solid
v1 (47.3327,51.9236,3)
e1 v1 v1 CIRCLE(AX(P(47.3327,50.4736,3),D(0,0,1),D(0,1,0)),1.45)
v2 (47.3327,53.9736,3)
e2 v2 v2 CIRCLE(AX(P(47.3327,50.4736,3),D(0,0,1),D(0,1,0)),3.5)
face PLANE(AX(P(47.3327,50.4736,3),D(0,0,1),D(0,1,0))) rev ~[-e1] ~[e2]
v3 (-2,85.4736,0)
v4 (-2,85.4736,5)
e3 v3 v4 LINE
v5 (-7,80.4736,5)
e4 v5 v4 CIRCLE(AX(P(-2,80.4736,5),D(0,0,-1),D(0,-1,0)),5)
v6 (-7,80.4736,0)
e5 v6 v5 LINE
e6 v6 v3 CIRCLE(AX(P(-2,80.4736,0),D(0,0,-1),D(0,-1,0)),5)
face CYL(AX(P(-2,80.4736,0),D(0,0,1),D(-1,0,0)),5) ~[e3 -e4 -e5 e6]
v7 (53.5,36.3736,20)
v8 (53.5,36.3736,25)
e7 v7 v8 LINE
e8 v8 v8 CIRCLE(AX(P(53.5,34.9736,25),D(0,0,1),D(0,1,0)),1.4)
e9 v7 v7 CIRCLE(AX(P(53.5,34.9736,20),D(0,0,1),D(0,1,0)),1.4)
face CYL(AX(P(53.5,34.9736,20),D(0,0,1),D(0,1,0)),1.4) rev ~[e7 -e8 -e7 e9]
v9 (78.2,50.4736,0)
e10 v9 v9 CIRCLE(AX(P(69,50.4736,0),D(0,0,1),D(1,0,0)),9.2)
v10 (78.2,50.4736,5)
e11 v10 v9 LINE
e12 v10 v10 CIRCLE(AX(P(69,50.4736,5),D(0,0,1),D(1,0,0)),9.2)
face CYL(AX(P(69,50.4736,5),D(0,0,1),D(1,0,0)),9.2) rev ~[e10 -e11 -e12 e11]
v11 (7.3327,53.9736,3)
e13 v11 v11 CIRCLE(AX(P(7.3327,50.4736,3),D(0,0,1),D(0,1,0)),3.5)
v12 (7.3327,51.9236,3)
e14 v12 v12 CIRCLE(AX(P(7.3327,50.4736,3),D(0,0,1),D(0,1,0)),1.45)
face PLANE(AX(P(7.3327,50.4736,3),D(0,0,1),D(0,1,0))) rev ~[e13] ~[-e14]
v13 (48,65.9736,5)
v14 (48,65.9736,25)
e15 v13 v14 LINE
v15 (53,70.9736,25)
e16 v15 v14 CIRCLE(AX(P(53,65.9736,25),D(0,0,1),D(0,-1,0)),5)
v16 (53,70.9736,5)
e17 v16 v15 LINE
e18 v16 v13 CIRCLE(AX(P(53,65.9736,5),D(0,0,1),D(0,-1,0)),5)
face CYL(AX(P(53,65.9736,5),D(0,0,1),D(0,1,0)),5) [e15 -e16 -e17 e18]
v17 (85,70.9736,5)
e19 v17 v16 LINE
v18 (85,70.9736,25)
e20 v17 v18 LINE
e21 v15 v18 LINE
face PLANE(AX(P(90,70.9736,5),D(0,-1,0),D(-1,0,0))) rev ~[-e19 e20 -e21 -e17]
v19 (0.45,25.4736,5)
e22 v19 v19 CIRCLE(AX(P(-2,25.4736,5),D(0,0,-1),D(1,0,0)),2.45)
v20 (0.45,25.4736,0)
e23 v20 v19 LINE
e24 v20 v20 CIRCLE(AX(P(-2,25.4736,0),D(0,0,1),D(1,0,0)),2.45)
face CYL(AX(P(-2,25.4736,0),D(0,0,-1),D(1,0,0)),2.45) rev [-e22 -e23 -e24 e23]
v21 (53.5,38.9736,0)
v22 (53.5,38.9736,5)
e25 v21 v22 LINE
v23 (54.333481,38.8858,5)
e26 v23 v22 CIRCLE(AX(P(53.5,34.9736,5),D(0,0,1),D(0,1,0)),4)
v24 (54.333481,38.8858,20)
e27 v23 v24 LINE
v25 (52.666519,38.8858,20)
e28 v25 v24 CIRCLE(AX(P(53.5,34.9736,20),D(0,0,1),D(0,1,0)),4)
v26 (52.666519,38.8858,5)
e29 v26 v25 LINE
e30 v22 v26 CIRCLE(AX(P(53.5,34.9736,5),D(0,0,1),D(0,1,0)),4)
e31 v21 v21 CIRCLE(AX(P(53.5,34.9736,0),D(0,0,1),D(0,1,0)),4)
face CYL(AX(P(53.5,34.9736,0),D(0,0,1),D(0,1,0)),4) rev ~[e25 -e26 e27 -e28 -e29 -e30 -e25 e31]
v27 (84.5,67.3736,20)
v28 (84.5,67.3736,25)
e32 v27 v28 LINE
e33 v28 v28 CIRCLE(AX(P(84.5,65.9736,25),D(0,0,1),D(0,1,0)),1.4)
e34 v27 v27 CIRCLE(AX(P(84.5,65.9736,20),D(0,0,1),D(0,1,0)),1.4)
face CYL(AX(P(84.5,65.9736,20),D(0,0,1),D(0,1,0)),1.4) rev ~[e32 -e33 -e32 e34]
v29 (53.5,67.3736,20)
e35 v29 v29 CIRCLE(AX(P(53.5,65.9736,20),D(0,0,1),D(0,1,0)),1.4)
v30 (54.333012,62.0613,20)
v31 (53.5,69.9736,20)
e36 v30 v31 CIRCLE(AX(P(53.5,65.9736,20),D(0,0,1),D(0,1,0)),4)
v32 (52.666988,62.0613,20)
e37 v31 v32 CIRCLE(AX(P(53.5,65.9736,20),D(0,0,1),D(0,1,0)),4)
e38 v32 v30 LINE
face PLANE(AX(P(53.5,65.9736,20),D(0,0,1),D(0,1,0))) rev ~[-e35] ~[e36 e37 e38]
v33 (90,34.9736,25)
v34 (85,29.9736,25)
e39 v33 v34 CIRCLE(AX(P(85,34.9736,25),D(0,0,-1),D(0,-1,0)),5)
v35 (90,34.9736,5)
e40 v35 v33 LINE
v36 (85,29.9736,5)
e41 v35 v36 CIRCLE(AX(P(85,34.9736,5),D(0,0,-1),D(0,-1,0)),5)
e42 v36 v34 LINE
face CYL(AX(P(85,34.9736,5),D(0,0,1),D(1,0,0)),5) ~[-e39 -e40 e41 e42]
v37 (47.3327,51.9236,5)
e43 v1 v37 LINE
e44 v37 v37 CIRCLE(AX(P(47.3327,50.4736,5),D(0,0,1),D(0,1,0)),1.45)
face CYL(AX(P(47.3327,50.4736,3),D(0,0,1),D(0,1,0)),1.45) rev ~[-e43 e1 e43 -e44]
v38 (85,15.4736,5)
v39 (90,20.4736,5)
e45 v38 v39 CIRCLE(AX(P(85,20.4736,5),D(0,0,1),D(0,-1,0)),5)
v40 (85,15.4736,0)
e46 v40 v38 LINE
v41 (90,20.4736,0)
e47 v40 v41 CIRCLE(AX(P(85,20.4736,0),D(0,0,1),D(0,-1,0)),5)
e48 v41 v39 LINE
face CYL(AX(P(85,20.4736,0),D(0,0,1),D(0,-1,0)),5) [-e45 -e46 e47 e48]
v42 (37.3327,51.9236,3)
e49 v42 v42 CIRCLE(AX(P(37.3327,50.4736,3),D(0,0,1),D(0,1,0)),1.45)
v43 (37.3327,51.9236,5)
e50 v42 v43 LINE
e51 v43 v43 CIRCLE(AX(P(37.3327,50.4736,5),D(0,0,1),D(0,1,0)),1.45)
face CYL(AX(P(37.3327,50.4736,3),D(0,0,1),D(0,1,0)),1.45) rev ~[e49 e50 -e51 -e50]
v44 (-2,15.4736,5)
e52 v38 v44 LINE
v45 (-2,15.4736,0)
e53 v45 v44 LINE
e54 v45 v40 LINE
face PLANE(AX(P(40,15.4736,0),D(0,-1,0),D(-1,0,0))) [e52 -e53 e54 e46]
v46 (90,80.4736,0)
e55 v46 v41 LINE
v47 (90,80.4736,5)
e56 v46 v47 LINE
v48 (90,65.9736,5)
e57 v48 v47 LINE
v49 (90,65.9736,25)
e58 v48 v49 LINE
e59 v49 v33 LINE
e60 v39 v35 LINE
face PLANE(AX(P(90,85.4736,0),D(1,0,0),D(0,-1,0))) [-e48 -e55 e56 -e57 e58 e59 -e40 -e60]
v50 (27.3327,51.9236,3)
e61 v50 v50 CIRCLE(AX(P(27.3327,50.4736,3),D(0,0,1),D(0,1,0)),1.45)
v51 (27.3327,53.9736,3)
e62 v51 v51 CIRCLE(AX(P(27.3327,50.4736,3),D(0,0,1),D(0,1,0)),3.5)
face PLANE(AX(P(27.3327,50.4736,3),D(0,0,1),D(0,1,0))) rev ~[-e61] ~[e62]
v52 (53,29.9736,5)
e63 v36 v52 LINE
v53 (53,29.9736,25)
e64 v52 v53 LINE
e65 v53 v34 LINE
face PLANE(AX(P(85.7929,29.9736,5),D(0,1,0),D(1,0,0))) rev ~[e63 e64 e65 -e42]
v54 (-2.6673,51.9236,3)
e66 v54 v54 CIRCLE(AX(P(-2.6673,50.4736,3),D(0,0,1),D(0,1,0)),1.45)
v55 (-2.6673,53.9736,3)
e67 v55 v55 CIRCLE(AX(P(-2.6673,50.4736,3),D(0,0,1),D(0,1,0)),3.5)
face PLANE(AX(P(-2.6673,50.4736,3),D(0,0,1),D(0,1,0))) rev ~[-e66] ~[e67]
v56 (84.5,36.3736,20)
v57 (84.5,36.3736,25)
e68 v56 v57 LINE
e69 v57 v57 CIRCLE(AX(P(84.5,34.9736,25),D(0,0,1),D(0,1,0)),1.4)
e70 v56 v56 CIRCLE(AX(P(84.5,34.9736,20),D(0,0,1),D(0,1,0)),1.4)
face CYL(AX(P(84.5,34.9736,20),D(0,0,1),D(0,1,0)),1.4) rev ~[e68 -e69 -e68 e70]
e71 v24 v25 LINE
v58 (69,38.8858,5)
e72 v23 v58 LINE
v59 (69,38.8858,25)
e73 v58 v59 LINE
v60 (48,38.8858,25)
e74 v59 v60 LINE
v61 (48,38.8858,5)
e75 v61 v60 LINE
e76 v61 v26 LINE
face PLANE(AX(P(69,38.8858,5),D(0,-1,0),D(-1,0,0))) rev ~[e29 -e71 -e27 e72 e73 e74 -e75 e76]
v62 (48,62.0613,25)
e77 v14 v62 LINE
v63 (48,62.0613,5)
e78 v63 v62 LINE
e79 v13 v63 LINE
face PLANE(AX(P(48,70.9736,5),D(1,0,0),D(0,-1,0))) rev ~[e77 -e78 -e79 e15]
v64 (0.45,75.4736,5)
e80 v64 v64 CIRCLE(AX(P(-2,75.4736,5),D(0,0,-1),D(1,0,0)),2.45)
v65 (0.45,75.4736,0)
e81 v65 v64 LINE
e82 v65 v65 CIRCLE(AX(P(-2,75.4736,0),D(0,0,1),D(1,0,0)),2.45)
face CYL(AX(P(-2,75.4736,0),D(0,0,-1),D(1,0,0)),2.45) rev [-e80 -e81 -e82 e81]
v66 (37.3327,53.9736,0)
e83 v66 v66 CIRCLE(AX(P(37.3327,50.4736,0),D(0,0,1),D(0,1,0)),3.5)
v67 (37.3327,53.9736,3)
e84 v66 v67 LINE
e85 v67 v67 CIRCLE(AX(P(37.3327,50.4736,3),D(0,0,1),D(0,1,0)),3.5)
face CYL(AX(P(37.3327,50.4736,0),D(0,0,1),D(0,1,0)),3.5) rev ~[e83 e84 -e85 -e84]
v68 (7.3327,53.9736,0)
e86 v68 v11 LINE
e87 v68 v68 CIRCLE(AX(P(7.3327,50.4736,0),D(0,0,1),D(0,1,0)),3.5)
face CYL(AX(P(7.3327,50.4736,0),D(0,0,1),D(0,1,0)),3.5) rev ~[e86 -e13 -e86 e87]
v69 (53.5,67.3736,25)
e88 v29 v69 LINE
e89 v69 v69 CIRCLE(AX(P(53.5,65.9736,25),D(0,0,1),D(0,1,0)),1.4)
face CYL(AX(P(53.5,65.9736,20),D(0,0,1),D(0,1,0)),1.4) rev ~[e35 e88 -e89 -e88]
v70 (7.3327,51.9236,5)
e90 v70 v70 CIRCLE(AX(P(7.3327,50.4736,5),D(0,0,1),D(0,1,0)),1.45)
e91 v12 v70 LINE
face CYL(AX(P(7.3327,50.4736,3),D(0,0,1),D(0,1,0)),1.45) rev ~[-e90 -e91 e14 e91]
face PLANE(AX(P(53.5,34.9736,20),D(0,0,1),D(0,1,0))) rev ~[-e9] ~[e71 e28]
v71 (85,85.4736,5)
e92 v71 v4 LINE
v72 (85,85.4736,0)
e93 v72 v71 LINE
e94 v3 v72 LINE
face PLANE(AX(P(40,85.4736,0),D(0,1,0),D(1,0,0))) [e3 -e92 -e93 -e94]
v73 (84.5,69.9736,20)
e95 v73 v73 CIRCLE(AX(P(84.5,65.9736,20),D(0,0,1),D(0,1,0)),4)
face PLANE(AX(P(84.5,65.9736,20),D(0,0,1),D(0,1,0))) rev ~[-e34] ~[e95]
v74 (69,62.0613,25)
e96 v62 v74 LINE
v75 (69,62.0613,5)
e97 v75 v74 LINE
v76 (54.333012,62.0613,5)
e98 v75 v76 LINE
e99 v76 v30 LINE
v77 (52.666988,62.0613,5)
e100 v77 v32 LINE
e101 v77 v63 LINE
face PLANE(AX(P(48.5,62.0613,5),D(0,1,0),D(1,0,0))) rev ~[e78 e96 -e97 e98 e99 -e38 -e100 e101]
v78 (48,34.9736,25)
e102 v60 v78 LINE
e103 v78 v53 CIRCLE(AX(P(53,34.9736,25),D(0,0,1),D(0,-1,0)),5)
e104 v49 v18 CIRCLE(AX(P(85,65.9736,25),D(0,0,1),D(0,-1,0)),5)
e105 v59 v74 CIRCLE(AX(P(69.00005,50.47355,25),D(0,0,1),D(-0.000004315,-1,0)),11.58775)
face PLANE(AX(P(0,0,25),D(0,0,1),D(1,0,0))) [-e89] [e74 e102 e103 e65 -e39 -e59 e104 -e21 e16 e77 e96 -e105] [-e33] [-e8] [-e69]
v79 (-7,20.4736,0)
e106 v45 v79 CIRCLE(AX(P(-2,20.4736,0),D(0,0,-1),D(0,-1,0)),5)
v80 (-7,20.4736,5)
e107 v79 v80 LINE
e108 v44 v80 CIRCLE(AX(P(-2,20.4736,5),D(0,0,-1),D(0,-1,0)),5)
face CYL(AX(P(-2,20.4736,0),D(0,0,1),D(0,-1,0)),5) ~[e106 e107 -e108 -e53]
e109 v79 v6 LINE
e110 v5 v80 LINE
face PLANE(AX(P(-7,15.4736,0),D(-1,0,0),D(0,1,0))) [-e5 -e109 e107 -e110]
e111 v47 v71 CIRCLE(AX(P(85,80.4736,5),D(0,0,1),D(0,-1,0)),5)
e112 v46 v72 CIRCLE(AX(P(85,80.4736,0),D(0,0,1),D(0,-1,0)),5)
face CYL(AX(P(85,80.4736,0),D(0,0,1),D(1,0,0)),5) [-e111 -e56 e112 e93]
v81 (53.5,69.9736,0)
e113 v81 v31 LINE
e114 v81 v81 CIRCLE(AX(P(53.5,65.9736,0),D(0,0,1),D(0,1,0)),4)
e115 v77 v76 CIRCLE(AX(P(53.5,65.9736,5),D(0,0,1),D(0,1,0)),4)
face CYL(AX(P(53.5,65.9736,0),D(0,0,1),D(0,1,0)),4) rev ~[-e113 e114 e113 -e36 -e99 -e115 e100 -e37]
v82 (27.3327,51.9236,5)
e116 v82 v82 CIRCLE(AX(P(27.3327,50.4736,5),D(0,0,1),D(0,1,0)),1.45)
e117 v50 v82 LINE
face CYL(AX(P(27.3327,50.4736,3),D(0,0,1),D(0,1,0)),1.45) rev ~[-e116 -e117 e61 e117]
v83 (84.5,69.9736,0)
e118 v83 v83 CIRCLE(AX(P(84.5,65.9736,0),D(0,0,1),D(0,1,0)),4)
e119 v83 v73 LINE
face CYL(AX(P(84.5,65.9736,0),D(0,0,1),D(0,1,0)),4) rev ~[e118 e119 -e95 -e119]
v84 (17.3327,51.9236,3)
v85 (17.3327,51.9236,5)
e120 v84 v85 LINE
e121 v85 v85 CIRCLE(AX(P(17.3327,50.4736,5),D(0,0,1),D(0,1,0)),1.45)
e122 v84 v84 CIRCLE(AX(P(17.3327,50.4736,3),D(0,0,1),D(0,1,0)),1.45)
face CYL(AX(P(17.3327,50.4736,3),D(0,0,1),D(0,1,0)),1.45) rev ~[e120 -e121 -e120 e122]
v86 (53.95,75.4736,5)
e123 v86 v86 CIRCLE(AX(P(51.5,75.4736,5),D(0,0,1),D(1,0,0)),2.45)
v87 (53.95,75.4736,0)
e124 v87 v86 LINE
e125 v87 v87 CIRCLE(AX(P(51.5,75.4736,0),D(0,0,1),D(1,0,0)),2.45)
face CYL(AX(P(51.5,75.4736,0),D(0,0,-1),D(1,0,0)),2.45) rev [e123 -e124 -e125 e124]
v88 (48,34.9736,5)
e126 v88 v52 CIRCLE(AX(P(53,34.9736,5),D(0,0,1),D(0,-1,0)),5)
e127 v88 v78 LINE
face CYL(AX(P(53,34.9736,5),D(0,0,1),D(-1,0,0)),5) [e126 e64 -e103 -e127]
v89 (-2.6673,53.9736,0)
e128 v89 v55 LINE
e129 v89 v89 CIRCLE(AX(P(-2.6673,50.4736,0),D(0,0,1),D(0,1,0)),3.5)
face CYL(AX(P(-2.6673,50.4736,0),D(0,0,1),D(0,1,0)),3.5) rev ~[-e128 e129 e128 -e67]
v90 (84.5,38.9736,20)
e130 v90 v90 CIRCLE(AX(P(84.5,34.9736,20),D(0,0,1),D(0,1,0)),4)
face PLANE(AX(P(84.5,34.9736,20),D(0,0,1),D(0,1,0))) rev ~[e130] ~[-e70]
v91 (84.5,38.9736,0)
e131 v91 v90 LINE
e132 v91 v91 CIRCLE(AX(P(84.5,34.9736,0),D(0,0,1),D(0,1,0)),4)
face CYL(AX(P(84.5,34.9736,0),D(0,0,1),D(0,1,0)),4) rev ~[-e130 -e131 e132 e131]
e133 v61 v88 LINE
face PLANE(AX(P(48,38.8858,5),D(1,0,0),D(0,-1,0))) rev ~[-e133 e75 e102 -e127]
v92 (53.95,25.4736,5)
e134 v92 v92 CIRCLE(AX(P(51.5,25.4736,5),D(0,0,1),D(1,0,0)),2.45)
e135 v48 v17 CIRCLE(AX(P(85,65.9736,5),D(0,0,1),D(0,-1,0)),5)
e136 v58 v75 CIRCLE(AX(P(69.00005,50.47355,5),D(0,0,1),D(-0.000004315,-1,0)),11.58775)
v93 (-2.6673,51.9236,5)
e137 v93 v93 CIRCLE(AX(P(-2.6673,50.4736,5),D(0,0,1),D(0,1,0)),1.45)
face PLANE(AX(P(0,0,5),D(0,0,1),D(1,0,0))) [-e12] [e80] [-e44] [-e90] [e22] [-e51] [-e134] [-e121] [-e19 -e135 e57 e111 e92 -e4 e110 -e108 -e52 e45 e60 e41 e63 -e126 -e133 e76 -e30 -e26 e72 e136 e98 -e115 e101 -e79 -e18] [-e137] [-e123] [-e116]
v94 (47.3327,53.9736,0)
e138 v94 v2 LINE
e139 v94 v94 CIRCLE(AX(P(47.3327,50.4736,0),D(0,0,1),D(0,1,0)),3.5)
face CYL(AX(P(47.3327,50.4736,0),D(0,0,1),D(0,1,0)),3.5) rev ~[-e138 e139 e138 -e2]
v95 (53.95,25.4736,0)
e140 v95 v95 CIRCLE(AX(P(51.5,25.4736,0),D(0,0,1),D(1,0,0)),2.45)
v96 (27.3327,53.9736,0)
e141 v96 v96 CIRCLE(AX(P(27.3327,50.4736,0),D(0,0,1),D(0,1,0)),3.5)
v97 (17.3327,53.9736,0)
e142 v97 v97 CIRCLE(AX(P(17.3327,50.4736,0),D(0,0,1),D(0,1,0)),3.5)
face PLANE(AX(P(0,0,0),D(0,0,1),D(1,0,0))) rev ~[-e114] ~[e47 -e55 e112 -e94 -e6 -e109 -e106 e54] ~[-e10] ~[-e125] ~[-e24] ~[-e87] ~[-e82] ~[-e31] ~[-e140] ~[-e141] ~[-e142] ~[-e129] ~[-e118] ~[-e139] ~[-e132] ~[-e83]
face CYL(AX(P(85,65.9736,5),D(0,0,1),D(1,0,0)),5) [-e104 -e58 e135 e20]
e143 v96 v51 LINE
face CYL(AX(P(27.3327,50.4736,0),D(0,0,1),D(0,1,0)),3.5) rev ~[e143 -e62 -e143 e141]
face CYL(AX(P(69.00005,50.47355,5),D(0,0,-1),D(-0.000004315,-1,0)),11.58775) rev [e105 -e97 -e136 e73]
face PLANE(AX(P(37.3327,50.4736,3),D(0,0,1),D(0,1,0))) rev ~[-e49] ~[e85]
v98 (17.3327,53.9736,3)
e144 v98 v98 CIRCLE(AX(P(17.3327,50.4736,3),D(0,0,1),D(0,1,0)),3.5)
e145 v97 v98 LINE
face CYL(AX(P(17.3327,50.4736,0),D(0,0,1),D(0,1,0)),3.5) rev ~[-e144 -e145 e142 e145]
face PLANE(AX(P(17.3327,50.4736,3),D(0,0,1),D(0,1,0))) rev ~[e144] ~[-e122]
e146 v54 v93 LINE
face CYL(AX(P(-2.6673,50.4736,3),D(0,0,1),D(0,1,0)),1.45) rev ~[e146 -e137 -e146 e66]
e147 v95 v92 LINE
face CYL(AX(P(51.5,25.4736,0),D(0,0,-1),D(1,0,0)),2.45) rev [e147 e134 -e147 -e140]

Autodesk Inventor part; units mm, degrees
ref_plane "YZ Plane" through (0, 0, 0) normal (1, 0, 0) x (0, 1, 0)
ref_plane "XZ Plane" through (0, 0, 0) normal (0, 1, 0) x (-1, 0, 0)
ref_plane "XY Plane" through (0, 0, 0) normal (0, 0, 1) x (1, 0, 0)
ref_plane "Work Plane1" through (0, 0, 0) normal (0, 0, 1) x (1, 0, 0)
sketch "Sketch1" plane through (0, 0, 0) normal (0, 0, 1) x (1, 0, 0)
  line L0 (40, 0) -> (34, 0) projected
  line L1 (40, 0) -> (40, 260) projected
  line L2 (40, 260) -> (34, 260) projected
  line L3 (34, 0) -> (34, 260) projected
  line L4 (0, 0) -> (6, 0) projected
  line L5 (6, 0) -> (6, 260) projected
  line L6 (0, 260) -> (6, 260) projected
  line L7 (0, 0) -> (0, 260) projected
  line L8 (90, 15.4736) -> (-7, 15.4736)
  line L9 (-7, 15.4736) -> (-7, 85.4736)
  line L10 (-7, 85.4736) -> (90, 85.4736)
  line L11 (90, 85.4736) -> (90, 15.4736)
  line L12 (90, 85.4736) -> (-7, 15.4736) construction
  line L13 (90, 15.4736) -> (-7, 85.4736) construction
  line L14 (14, 0) -> (26, 0) construction
  line L15 (26, 0) -> (26, 260) construction
  line L16 (14, 260) -> (26, 260) construction
  line L17 (14, 0) -> (14, 260) construction
  circle A0 centre (-2, 25.4736) radius 2.45
  circle A1 centre (-2, 75.4736) radius 2.45
  circle A2 centre (51.5, 75.4736) radius 2.45
  circle A3 centre (51.5, 25.4736) radius 2.45
  line L18 (40, 40.4736) -> (-160, 40.4736) projected
  line L19 (40, 60.4736) -> (-160, 60.4736) projected
  circle A4 centre (-2, 25.4736) radius 2.45 construction
  circle A5 centre (-2, 75.4736) radius 2.45 construction
  line L20 (-7, 67.4547) -> (-7, 33.4924) projected
  dimension "d0" = 50
  dimension "d2" = 70
  dimension "d3" = 4.9
  dimension "d4" = 4.9
  dimension "d5" = 4.9
  dimension "d6" = 4.9
  dimension "d7" = 10
  dimension "d10" = 10
  dimension "d11" = 11.5
  dimension "d17" = 25
  dimension "d20" = 0
extrude "Extrusion1" add sketch "Sketch1" along normal blind 5 contours L8 L3 L18 L1 | L1 L10 L11 L8 | L8 L5 L18 L3 | L18 L3 L19 L1 | L18 L5 L19 L3 | L8 L7 A0 L18 L5 | L19 L3 L10 L1 | L19 L5 L10 L3 | L18 L7 L19 L5 | L8 L9 L18 L7 A0 | L19 L7 A1 L10 L5 | L18 L9 L19 L7 | L19 L9 L10 L7 A1
sketch "Sketch2" plane through (0, 0, 5) normal (0, 0, 1) x (1, 0, 0)
  circle A0 centre (69, 50.4736) radius 9.2 projected
  circle A1 centre (84.5, 34.9736) radius 3 projected
  circle A2 centre (53.5, 34.9736) radius 3 projected
  circle A3 centre (53.5, 65.9736) radius 3 projected
  line L0 (89.5, 67.2664) -> (89.5, 33.6807) projected
  arc A4 (89.5, 67.2664) -> (85.7929, 70.9736) centre (69, 50.4736) ccw projected
  line L1 (52.2071, 70.9736) -> (85.7929, 70.9736) projected
  arc A5 (52.2071, 70.9736) -> (48.5, 67.2664) centre (69, 50.4736) ccw projected
  line L2 (48.5, 33.6807) -> (48.5, 67.2664) projected
  arc A6 (48.5, 33.6807) -> (52.2071, 29.9736) centre (69, 50.4736) ccw projected
  line L3 (85.7929, 29.9736) -> (52.2071, 29.9736) projected
  arc A7 (85.7929, 29.9736) -> (89.5, 33.6807) centre (69, 50.4736) ccw projected
  circle A8 centre (84.5, 34.9736) radius 3 projected
  circle A9 centre (53.5, 34.9736) radius 3 projected
  circle A10 centre (84.5, 65.9736) radius 3 projected
  circle A11 centre (69, 50.4736) radius 4 projected
  circle A12 centre (53.5, 65.9736) radius 3 projected
  point P0 (0, 0)
extrude "Extrusion2" cut sketch "Sketch2" against normal through all contours A0 | A11
sketch "Sketch3" plane through (0, 0, 5) normal (0, 0, 1) x (1, 0, 0)
  point P0 (0, 0)
sketch "Sketch4" plane through (0, 0, 5) normal (0, 0, 1) x (1, 0, 0)
  line L0 (89.5, 67.2664) -> (89.5, 33.6807) projected
  arc A0 (89.5, 67.2664) -> (85.7929, 70.9736) centre (69, 50.4736) ccw projected
  line L1 (52.2071, 70.9736) -> (85.7929, 70.9736) projected
  arc A1 (52.2071, 70.9736) -> (48.5, 67.2664) centre (69, 50.4736) ccw projected
  line L2 (48.5, 33.6807) -> (48.5, 67.2664) projected
  arc A2 (48.5, 33.6807) -> (52.2071, 29.9736) centre (69, 50.4736) ccw projected
  line L3 (85.7929, 29.9736) -> (52.2071, 29.9736) projected
  arc A3 (85.7929, 29.9736) -> (89.5, 33.6807) centre (69, 50.4736) ccw projected
  circle A4 centre (84.5, 34.9736) radius 3 projected
  circle A5 centre (53.5, 34.9736) radius 3 projected
  circle A6 centre (84.5, 65.9736) radius 3 projected
  circle A7 centre (69, 50.4736) radius 4 projected
  circle A8 centre (53.5, 65.9736) radius 3 projected
  circle A9 centre (69, 50.4736) radius 9.2
  line L4 (90, 85.4736) -> (90, 15.4736) projected
  line L5 (48, 29.9736) -> (90, 29.9736)
  line L6 (90, 29.9736) -> (90, 70.9736)
  line L7 (90, 70.9736) -> (48, 70.9736)
  line L8 (48, 29.9736) -> (90, 70.9736) construction
  line L9 (90, 29.9736) -> (48, 70.9736) construction
  arc A10 (69, 38.8858) -> (69, 62.0613) centre (69, 50.4736) ccw
  line L10 (69, 38.8858) -> (48, 38.8858)
  line L11 (48, 62.0613) -> (69, 62.0613)
  line L12 (48, 70.9736) -> (48, 62.0613)
  line L13 (48, 38.8858) -> (48, 29.9736)
  line L14 (69, 62.0613) -> (69, 46.4736)
  line L15 (69, 41.2736) -> (69, 38.8858)
  point P0 (0, 0)
extrude "Extrusion3" add sketch "Sketch4" along normal blind 20 contours A0 L7 L4 L5 A3 L0 | L0 A3 L3 A2 L2 L10 A10 L11 A1 L1 A0 | A1 L2 L11 L12 L7 | L5 L13 L10 L2 A2 | A4 | A5 | A6 | A8
fillet "Fillet1" radius 5 8 edges at (90, 85.4736, 2.5) (-7, 85.4736, 2.5) (-7, 15.4736, 2.5) (90, 15.4736, 2.5) (48, 29.9736, 15) (90, 29.9736, 15) (48, 70.9736, 15) (90, 70.9736, 15)
sketch "Sketch5" plane through (0, 0, 0) normal (0, 0, -1) x (-1, 0, 0)
  line L0 (-40, 40.4736) -> (-40, 46.4736) projected
  line L1 (-40, 46.4736) -> (160, 46.4736) projected
  line L2 (160, 40.4736) -> (160, 46.4736) projected
  line L3 (-40, 40.4736) -> (160, 40.4736) projected
  line L4 (-40, 54.4736) -> (-40, 60.4736) projected
  line L5 (-40, 60.4736) -> (160, 60.4736) projected
  line L6 (160, 54.4736) -> (160, 60.4736) projected
  line L7 (-40, 54.4736) -> (160, 54.4736) projected
  circle A0 centre (12.6673, 50.4736) radius 1.45
  circle A1 centre (-27.3327, 50.4736) radius 1.45
  circle A2 centre (-7.3327, 50.4736) radius 1.45
  circle A3 centre (-47.3327, 50.4736) radius 1
  point P0 (0, 0)
  dimension "d24" = 2.9
  dimension "d25" = 2.9
  dimension "d26" = 2.9
  dimension "d27" = 4
  dimension "d28" = 4
  dimension "d29" = 4
  dimension "d30" = 20
  dimension "d31" = 20
  dimension "d39" = 2
  dimension "d40" = 4
  dimension "d41" = 20
hole "Hole1" at (-12.6673, 50.4736, 0) at (47.3327, 50.4736, 0) direction (0, 0, 1) diameter 2.9 end through all counterbore diameter 7 counterbore depth 3
sketch "Sketch6" plane through (0, 0, 0) normal (0, 0, -1) x (-1, 0, 0)
  line L0 (-52.2071, 29.9736) -> (-85.7929, 29.9736) projected
  arc A0 (-52.2071, 29.9736) -> (-48.5, 33.6807) centre (-69, 50.4736) ccw projected
  line L1 (-48.5, 67.2664) -> (-48.5, 33.6807) projected
  arc A1 (-48.5, 67.2664) -> (-52.2071, 70.9736) centre (-69, 50.4736) ccw projected
  line L2 (-85.7929, 70.9736) -> (-52.2071, 70.9736) projected
  arc A2 (-85.7929, 70.9736) -> (-89.5, 67.2664) centre (-69, 50.4736) ccw projected
  line L3 (-89.5, 33.6807) -> (-89.5, 67.2664) projected
  arc A3 (-89.5, 33.6807) -> (-85.7929, 29.9736) centre (-69, 50.4736) ccw projected
  circle A4 centre (-84.5, 34.9736) radius 3 projected
  circle A5 centre (-84.5, 65.9736) radius 3 projected
  circle A6 centre (-53.5, 34.9736) radius 3 projected
  circle A7 centre (-69, 50.4736) radius 4 projected
  circle A8 centre (-53.5, 65.9736) radius 3 projected
  point P0 (0, 0)
  point P1 (-84.6331, 35.182)
hole "Hole2" at (84.5, 65.9736, 0) at (53.5, 65.9736, 0) at (53.5, 34.9736, 0) at (84.5, 34.9736, 0) direction (0, 0, 1) diameter 2.8 end through all counterbore diameter 8 counterbore depth 20
pattern_linear "Rectangular Pattern1" count 7 spacing 10 along (-1, 0, 0) of "Hole1"
equation "\"d3\" = d6"
equation "\"d4\" = d6"
equation "\"d5\" = d6"
properties part number "Neje_slide_y_20mmrod_upperplate"
